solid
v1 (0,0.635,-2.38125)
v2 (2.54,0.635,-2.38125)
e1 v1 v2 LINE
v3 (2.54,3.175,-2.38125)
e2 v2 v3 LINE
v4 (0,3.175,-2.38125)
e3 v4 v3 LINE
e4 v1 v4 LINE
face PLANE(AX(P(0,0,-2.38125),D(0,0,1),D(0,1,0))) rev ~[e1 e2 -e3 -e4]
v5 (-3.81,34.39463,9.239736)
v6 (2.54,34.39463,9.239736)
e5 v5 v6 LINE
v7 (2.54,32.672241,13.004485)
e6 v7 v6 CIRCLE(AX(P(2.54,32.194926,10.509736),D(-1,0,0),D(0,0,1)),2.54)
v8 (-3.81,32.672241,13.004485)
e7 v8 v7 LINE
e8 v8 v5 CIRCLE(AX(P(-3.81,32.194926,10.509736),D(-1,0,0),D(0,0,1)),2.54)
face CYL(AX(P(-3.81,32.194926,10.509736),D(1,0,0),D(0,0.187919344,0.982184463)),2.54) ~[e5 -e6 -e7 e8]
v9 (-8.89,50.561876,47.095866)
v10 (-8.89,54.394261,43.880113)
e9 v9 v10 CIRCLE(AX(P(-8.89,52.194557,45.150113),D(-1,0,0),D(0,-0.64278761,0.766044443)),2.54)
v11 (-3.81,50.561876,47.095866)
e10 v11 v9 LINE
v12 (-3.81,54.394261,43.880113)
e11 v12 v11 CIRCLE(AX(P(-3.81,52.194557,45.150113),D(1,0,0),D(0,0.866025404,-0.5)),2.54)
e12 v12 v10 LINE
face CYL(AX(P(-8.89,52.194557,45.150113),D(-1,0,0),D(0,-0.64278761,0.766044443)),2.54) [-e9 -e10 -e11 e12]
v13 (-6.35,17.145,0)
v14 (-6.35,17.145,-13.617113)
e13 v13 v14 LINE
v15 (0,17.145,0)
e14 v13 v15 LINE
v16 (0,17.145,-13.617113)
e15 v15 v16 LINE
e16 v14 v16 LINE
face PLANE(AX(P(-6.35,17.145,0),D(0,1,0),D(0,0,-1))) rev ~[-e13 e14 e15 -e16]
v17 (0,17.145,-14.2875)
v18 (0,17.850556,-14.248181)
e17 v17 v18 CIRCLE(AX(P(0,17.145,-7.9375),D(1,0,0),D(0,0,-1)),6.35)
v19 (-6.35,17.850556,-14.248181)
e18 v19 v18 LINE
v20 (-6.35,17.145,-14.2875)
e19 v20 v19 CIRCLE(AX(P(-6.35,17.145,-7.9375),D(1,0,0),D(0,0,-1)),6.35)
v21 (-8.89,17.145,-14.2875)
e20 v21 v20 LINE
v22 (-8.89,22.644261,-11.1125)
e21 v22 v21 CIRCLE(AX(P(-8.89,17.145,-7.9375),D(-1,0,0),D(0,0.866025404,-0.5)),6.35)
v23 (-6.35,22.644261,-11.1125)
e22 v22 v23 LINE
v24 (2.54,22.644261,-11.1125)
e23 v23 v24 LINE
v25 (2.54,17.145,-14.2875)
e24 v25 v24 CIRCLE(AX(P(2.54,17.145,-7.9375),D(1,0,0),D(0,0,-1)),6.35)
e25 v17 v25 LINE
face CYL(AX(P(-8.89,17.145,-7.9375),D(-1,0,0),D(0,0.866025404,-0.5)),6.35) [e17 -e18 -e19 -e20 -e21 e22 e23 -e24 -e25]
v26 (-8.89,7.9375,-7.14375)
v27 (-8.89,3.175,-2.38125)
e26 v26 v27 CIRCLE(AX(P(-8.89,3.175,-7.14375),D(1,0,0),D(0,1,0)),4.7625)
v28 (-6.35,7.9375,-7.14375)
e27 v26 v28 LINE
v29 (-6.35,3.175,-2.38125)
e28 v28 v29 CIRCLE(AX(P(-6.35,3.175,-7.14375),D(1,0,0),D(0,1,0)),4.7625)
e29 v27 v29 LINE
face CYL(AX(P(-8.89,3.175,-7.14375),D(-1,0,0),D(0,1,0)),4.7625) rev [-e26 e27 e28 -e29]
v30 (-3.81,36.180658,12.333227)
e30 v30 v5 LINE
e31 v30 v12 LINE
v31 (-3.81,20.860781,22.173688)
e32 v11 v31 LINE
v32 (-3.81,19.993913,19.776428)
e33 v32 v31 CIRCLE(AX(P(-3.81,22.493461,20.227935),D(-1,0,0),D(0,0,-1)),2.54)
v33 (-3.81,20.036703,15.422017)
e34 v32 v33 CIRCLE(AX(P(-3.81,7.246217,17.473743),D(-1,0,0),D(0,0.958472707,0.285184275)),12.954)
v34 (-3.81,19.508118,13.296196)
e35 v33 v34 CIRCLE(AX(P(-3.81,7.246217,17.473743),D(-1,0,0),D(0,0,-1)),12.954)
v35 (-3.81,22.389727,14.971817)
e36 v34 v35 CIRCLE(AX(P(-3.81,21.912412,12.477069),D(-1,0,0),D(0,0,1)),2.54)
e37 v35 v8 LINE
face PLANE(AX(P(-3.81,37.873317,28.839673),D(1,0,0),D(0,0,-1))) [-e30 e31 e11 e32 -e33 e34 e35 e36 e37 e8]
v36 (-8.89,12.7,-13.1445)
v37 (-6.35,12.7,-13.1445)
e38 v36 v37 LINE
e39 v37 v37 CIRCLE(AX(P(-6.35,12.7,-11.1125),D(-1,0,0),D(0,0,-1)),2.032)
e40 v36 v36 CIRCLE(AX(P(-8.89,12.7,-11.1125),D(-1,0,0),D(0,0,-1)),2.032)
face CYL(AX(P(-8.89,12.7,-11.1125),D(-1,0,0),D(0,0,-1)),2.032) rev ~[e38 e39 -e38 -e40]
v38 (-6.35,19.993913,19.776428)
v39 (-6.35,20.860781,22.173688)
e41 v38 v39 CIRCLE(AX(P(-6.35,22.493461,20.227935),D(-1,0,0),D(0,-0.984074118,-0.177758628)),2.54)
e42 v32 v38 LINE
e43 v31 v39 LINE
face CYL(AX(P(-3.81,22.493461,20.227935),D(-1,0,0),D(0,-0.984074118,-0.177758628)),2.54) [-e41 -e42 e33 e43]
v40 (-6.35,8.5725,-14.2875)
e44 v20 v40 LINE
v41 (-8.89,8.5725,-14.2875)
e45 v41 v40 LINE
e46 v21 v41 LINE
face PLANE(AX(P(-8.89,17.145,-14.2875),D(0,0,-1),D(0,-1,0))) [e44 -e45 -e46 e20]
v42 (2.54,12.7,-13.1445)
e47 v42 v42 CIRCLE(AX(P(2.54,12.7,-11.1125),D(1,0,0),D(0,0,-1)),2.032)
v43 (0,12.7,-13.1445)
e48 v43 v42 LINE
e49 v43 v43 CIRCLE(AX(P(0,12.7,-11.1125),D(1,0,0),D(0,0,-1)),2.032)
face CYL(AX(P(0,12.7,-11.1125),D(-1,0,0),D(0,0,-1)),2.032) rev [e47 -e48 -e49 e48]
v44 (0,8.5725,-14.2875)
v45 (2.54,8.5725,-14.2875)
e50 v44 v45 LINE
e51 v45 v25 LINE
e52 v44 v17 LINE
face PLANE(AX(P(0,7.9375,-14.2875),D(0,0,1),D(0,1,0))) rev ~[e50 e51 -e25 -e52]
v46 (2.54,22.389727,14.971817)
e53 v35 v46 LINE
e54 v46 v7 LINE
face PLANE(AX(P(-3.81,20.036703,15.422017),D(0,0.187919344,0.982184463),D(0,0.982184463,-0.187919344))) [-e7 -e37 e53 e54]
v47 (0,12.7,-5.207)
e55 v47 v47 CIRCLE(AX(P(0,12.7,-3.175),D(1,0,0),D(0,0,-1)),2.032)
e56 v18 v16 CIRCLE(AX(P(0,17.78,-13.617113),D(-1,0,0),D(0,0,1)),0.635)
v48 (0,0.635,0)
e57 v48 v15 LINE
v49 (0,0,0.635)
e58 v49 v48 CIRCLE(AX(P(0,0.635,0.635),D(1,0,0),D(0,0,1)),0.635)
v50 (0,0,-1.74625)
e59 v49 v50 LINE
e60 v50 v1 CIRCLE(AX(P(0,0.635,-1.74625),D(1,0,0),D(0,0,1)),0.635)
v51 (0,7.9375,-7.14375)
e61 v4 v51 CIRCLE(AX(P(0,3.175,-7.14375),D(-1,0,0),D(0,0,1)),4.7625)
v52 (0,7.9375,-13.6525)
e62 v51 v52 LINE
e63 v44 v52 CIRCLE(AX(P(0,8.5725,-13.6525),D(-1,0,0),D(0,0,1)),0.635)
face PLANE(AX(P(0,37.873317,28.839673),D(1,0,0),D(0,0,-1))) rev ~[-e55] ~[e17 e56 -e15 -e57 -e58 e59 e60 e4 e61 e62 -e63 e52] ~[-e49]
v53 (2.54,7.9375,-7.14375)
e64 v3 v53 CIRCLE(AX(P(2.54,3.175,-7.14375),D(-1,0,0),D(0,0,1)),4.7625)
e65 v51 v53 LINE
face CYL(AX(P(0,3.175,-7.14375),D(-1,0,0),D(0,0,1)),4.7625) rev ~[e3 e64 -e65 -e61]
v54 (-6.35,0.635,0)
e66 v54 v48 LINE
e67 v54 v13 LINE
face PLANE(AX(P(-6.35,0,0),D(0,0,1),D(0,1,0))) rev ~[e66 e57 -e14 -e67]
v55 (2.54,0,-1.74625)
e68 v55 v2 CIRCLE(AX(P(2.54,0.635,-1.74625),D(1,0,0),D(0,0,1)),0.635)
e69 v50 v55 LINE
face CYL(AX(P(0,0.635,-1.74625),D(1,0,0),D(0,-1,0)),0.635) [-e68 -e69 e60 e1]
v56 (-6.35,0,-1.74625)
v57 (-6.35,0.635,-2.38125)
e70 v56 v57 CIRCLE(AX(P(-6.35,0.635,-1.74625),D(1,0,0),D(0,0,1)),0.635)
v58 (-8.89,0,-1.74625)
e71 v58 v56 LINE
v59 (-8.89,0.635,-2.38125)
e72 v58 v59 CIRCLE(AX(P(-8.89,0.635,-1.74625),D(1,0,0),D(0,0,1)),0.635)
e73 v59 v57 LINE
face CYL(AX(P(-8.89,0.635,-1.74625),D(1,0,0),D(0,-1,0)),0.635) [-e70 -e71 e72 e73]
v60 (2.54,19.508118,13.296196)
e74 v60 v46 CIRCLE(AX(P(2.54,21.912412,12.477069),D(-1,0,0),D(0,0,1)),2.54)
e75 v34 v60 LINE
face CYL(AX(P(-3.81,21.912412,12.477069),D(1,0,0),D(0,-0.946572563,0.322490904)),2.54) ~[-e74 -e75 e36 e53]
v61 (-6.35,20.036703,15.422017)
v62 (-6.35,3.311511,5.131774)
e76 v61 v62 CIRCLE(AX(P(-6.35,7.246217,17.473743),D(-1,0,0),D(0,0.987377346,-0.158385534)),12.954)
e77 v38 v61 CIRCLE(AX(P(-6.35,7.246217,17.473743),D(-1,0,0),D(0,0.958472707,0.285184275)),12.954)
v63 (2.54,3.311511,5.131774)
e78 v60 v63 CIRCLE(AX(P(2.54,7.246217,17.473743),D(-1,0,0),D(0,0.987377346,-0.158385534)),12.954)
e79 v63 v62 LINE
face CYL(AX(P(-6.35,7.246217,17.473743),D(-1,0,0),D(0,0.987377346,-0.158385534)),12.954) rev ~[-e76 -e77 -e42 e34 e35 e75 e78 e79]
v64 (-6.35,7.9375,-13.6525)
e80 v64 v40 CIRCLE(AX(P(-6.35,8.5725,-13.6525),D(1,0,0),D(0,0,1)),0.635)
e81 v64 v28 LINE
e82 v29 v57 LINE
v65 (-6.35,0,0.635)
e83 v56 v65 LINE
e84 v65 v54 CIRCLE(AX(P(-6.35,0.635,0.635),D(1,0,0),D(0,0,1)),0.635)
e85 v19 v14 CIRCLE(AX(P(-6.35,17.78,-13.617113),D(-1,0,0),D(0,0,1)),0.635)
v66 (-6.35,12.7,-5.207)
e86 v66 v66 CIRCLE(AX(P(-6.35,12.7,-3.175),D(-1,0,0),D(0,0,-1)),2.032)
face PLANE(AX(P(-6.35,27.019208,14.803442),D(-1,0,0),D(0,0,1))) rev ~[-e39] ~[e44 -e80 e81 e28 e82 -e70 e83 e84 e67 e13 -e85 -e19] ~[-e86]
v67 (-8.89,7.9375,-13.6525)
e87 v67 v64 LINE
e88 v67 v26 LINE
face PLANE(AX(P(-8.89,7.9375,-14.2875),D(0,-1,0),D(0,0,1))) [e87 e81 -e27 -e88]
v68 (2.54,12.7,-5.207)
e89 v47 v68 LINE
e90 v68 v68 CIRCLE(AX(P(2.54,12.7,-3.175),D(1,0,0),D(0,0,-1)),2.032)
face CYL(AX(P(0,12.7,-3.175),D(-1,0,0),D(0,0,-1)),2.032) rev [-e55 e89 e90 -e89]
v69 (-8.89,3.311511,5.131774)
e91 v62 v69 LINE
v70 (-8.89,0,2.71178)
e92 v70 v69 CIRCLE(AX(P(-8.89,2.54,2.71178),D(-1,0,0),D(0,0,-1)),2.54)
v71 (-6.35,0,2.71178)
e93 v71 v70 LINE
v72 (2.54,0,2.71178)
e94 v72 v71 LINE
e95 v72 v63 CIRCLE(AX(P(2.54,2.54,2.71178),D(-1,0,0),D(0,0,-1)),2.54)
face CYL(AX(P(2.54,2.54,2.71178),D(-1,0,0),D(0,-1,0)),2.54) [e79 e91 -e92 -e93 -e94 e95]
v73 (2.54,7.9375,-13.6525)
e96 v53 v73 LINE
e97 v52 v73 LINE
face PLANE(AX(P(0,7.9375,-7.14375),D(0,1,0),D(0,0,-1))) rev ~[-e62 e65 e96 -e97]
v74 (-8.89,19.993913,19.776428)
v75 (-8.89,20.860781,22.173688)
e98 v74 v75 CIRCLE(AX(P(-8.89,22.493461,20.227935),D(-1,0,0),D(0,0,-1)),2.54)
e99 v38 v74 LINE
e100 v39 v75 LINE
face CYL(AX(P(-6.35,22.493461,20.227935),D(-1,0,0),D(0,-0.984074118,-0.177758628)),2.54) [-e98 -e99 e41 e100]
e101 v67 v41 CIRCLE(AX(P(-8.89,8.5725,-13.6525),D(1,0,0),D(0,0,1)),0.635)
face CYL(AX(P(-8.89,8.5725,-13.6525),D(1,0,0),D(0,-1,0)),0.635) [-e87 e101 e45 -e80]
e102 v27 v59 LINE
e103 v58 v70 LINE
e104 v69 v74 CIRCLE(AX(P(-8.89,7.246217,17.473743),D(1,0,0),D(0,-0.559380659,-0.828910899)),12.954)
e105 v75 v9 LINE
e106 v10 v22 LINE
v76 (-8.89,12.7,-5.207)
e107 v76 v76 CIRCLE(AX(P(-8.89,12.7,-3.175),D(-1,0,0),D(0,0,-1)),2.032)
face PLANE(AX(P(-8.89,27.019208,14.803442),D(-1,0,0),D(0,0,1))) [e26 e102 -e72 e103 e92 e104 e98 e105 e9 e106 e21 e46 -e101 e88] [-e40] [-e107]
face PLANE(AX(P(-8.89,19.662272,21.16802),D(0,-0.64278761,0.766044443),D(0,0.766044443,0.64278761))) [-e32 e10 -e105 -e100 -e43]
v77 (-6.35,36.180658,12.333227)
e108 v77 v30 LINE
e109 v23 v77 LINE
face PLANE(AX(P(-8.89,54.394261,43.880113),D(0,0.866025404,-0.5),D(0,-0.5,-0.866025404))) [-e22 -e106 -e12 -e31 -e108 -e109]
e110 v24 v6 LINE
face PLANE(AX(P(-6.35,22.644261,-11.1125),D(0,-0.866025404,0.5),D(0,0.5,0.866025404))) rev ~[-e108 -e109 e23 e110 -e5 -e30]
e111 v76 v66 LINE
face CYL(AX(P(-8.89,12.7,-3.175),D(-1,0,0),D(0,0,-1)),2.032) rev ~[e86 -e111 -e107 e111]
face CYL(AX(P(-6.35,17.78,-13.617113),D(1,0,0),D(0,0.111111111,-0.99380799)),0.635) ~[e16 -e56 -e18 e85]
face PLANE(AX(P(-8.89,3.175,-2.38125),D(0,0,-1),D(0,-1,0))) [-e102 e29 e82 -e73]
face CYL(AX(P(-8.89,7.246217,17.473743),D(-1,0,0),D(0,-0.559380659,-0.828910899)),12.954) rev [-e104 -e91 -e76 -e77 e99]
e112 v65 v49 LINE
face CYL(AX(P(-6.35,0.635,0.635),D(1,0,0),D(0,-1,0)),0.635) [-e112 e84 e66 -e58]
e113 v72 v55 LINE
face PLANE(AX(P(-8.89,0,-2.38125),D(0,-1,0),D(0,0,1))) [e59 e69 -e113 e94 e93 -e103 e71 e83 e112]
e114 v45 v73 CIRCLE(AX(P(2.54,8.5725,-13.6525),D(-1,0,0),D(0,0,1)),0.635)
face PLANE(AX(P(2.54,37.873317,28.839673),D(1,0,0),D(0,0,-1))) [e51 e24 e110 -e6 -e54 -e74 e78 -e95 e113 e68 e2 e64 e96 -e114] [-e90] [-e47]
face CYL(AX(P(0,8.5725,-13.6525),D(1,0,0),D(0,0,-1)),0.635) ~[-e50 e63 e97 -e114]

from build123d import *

# Parameters (mm, degrees)
SKETCH1_R           = 2.032
BOSS_EXTRUDE1_DEPTH = 2.54
BOSS_EXTRUDE2_START = -6.35
BOSS_EXTRUDE2_DEPTH = 6.35
BOSS_EXTRUDE3_START = 2.54
SKETCH4_R           = 2.032
BOSS_EXTRUDE3_DEPTH = 2.54
CUT_EXTRUDE2_START  = -6.35
CUT_EXTRUDE2_DEPTH  = 6.35
FILLET1_R           = 2.54
FILLET2_R           = 0.635


with BuildPart() as part:
    # Sketch1 → Boss-Extrude1 (new body)
    # profile 1 of 3: a face of its own
    with BuildSketch(Plane(origin=(0, 0, 0), x_dir=(0, 0, -1), z_dir=(1, 0, 0))):
        with BuildLine():
            Line((-6.736031019, 0), (0, 0))
            Line((0, 0), (0, 17.145))
            Line((0, 17.145), (14.2875, 17.145))
            ThreePointArc((14.2875, 17.145), (13.436761314, 20.32), (11.1125, 22.644261314))
            Line((11.1125, 22.644261314), (-12.333226749, 36.180657964))
            Line((-12.333226749, 36.180657964), (-15.422016596, 20.036703186))
            ThreePointArc((-15.422016596, 20.036703186), (-5.588466213, 12.398528792), (-6.736031019, 0))
        make_face()
    # profile 2 of 3: a face of its own
    with BuildSketch(Plane(origin=(0, 0, 0), x_dir=(0, 0, -1), z_dir=(1, 0, 0))):
        with BuildLine():
            Line((0, 0), (2.38125, 0))
            Line((2.38125, 0), (2.38125, 3.175))
            ThreePointArc((2.38125, 3.175), (3.776153955, 6.542596045), (7.14375, 7.9375))
            Line((7.14375, 7.9375), (14.2875, 7.9375))
            Line((14.2875, 7.9375), (14.2875, 17.145))
            Line((14.2875, 17.145), (0, 17.145))
            Line((0, 17.145), (0, 0))
        make_face()
        with Locations((3.175, 12.7)):
            Circle(SKETCH1_R, mode=Mode.SUBTRACT)
        with Locations((11.1125, 12.7)):
            Circle(SKETCH1_R, mode=Mode.SUBTRACT)
    # profile 3 of 3: a face of its own
    with BuildSketch(Plane(origin=(0, 0, 0), x_dir=(0, 0, -1), z_dir=(1, 0, 0))):
        with BuildLine():
            ThreePointArc((-21.168019902, 19.662272494), (-18.316086524, 20.172801019), (-15.422016596, 20.036703186))
            Line((-15.422016596, 20.036703186), (-12.333226749, 36.180657964))
            Line((-12.333226749, 36.180657964), (-43.88011314, 54.394261314))
            ThreePointArc((-43.88011314, 54.394261314), (-47.095866026, 53.827237317), (-47.095866026, 50.56187626))
            Line((-47.095866026, 50.56187626), (-21.168019902, 19.662272494))
        make_face()
    extrude(amount=BOSS_EXTRUDE1_DEPTH)

    # Sketch1<4> → Boss-Extrude2 (add)
    with BuildSketch(Plane(origin=(0, 0, 0), x_dir=(0, 0, -1), z_dir=(1, 0, 0)).offset(BOSS_EXTRUDE2_START)):
        with BuildLine():
            Line((-6.736031019, 0), (0, 0))
            Line((0, 0), (0, 17.145))
            Line((0, 17.145), (14.2875, 17.145))
            ThreePointArc((14.2875, 17.145), (13.436761314, 20.32), (11.1125, 22.644261314))
            Line((11.1125, 22.644261314), (-12.333226749, 36.180657964))
            Line((-12.333226749, 36.180657964), (-15.422016596, 20.036703186))
            ThreePointArc((-15.422016596, 20.036703186), (-5.588466213, 12.398528792), (-6.736031019, 0))
        make_face()
        with BuildLine():
            ThreePointArc((-21.168019902, 19.662272494), (-18.316086524, 20.172801019), (-15.422016596, 20.036703186))
            Line((-15.422016596, 20.036703186), (-12.333226749, 36.180657964))
            Line((-12.333226749, 36.180657964), (-43.88011314, 54.394261314))
            ThreePointArc((-43.88011314, 54.394261314), (-47.095866026, 53.827237317), (-47.095866026, 50.56187626))
            Line((-47.095866026, 50.56187626), (-21.168019902, 19.662272494))
        make_face()
    extrude(amount=BOSS_EXTRUDE2_DEPTH)

    # Sketch4 → Boss-Extrude3 (add)
    with BuildSketch(Plane.ZY.offset(6.35).offset(BOSS_EXTRUDE3_START)):
        with BuildLine():
            Line((-2.38125, 0), (6.736031019, 0))
            ThreePointArc((6.736031019, 0), (7.030863273, 14.911227359), (21.168019902, 19.662272494))
            Line((21.168019902, 19.662272494), (47.095866026, 50.56187626))
            ThreePointArc((47.095866026, 50.56187626), (47.095866026, 53.827237317), (43.88011314, 54.394261314))
            Line((43.88011314, 54.394261314), (-11.1125, 22.644261314))
            ThreePointArc((-11.1125, 22.644261314), (-13.436761314, 20.32), (-14.2875, 17.145))
            Line((-14.2875, 17.145), (-14.2875, 7.9375))
            Line((-14.2875, 7.9375), (-7.14375, 7.9375))
            ThreePointArc((-7.14375, 7.9375), (-3.776153955, 6.542596045), (-2.38125, 3.175))
            Line((-2.38125, 3.175), (-2.38125, 0))
        make_face()
        with Locations(Location((-3.175, 12.7, 0), (0, 0, 180))):
            Circle(SKETCH4_R, mode=Mode.SUBTRACT)
        with Locations(Location((-11.1125, 12.7, 0), (0, 0, 180))):
            Circle(SKETCH4_R, mode=Mode.SUBTRACT)
    extrude(amount=-BOSS_EXTRUDE3_DEPTH)

    # Sketch5 → Cut-Extrude2 (cut)
    with BuildSketch(Plane(origin=(2.54, 0, 0), x_dir=(0, 0, -1), z_dir=(1, 0, 0)).offset(CUT_EXTRUDE2_START)):
        with BuildLine():
            Line((-15.422016596, 20.036703186), (-12.333226749, 36.180657964))
            Line((-12.333226749, 36.180657964), (-43.88011314, 54.394261314))
            ThreePointArc((-43.88011314, 54.394261314), (-47.095866026, 53.827237317), (-47.095866026, 50.56187626))
            Line((-47.095866026, 50.56187626), (-21.168019902, 19.662272494))
            ThreePointArc((-21.168019902, 19.662272494), (-18.316086524, 20.172801019), (-15.422016596, 20.036703186))
        make_face()
    extrude(amount=CUT_EXTRUDE2_DEPTH, mode=Mode.SUBTRACT)

    # Fillet1
    fillet1_edges = [part.edges().sort_by_distance(p)[0] for p in [
        (-3.175, 0, 6.736031019),
        (-6.35, 19.662272494, 21.168019902),
        (-0.635, 36.180657964, 12.333226749),
        (-0.635, 20.036703186, 15.422016596),
    ]]
    fillet(fillet1_edges, radius=FILLET1_R)

    # Fillet2
    fillet2_edges = [part.edges().sort_by_distance(p)[0] for p in [
        (1.27, 7.9375, -14.2875),
        (1.27, 0, -2.38125),
        (-3.175, 17.145, -14.2875),
        (-3.175, 0, 0),
        (-7.62, 7.9375, -14.2875),
        (-7.62, 0, -2.38125),
    ]]
    fillet(fillet2_edges, radius=FILLET2_R)


solid = part.part
